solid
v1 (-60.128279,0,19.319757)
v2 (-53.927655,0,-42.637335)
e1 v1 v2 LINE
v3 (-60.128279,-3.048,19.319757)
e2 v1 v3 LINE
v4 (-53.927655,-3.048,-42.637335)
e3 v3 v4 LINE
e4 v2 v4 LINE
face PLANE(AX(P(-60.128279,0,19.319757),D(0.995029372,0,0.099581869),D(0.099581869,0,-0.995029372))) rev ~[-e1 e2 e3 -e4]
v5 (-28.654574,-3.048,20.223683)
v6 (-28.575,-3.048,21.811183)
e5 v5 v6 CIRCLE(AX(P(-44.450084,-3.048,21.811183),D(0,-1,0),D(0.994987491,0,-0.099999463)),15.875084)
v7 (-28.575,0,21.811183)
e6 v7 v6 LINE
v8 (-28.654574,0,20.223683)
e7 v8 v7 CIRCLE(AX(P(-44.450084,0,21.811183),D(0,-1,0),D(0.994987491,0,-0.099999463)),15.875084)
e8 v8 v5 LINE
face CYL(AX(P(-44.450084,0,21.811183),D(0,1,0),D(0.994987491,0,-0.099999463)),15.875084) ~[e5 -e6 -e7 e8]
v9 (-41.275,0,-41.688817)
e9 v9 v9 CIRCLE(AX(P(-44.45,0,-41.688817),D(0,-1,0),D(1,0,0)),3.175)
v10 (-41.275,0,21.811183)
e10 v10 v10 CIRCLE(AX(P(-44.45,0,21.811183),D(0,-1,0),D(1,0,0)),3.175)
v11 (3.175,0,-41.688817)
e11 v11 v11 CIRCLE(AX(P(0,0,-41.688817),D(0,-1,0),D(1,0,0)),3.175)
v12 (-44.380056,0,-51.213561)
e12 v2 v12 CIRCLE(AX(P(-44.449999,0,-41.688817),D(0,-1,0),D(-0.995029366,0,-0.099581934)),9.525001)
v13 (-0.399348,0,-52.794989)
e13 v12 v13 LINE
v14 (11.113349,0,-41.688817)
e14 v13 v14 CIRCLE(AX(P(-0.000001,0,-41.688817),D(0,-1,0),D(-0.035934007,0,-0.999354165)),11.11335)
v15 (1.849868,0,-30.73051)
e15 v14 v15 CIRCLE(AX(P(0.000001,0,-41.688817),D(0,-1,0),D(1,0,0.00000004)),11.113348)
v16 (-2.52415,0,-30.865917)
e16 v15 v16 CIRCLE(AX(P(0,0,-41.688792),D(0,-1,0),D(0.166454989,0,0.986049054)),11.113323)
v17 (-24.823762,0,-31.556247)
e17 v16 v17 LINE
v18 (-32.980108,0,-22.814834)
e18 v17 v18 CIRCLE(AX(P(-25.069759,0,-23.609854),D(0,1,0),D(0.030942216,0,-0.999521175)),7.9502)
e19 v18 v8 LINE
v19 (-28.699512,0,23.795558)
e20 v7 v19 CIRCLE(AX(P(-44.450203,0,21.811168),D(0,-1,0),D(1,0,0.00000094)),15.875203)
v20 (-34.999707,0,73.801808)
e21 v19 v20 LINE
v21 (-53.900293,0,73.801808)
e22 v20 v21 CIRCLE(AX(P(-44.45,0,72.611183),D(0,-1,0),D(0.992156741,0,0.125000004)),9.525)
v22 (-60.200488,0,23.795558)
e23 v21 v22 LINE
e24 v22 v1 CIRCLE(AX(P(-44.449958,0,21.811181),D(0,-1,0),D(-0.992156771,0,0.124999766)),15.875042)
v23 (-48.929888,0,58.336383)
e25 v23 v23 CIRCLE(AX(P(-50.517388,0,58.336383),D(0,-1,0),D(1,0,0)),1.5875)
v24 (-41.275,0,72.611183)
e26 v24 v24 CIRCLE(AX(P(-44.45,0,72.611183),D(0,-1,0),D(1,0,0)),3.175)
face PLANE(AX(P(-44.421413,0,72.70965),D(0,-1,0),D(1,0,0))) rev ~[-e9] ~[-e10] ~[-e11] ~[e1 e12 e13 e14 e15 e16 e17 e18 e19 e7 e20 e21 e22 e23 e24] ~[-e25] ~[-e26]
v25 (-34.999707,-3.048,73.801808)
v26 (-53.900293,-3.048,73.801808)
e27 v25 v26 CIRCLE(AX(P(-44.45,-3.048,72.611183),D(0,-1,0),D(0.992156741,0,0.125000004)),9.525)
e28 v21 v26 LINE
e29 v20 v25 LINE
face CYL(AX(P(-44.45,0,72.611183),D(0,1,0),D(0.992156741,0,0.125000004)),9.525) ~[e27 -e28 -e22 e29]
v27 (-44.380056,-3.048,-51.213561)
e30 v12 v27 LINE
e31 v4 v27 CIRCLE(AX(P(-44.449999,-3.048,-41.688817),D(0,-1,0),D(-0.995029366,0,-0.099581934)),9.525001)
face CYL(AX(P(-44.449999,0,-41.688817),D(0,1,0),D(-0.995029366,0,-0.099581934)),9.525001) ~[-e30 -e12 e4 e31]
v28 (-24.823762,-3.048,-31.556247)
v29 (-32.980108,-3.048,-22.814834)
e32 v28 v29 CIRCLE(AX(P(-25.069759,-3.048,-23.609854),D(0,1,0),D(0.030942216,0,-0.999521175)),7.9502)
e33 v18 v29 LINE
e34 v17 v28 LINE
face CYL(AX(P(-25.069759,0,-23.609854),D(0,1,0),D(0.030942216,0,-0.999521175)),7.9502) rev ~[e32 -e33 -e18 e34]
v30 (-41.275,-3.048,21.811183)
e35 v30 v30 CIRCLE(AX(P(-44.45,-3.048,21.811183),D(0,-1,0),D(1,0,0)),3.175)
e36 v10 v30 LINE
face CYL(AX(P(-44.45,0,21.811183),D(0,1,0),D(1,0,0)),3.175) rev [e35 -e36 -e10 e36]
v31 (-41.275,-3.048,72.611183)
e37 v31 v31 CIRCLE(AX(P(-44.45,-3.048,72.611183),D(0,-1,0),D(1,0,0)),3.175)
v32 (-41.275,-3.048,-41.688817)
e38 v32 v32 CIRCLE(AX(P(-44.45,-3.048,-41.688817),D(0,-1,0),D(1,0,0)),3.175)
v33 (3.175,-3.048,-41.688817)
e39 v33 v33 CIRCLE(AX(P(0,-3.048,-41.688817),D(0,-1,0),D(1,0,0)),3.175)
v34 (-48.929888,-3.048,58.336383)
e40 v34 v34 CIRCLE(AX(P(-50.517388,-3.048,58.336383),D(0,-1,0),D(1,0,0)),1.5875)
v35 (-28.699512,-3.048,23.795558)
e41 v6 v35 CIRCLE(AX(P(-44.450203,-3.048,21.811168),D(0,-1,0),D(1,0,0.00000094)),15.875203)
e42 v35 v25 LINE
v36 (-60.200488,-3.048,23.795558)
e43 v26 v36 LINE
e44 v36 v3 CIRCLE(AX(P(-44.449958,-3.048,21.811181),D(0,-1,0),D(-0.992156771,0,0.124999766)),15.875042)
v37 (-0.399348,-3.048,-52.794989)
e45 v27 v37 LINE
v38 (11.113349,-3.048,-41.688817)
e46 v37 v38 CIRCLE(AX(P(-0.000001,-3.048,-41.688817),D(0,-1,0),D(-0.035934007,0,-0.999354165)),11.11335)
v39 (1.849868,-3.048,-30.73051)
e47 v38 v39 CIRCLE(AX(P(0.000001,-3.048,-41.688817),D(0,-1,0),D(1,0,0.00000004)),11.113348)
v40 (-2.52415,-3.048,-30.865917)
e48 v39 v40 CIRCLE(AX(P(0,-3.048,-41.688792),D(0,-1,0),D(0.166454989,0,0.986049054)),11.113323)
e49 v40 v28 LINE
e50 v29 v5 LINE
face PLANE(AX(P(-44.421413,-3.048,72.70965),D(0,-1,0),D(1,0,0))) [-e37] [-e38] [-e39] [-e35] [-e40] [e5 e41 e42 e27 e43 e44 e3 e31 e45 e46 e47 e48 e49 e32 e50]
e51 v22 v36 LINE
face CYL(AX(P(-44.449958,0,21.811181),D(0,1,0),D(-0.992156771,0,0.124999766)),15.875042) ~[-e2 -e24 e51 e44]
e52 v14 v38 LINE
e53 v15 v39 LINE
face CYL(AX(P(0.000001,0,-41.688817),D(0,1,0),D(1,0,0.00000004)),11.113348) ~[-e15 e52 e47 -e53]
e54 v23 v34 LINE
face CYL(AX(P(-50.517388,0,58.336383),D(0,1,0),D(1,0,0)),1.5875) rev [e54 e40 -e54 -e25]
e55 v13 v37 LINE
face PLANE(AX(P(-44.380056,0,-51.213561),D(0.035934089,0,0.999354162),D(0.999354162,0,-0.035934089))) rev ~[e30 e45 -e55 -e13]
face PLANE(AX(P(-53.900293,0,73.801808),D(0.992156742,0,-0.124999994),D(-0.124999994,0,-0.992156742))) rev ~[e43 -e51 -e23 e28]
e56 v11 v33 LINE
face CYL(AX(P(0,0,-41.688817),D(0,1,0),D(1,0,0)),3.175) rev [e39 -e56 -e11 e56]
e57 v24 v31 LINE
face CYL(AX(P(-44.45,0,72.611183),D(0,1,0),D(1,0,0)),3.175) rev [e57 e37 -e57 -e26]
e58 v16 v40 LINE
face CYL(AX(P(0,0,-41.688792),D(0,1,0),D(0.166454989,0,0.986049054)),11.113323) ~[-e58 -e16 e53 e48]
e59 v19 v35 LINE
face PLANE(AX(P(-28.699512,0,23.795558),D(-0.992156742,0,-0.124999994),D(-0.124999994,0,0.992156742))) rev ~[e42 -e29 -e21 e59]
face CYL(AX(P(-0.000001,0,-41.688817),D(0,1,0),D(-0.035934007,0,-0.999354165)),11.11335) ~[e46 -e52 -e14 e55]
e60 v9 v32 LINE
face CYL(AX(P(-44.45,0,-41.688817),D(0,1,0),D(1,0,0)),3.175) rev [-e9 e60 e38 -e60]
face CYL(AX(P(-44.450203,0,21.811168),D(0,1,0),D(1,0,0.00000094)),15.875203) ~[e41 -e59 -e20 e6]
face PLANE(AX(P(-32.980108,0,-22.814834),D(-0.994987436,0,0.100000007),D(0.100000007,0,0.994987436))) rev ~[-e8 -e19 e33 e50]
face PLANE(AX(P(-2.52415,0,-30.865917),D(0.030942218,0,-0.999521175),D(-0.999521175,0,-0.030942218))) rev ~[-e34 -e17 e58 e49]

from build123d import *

# Parameters (mm, degrees)
F0_R     = 3.175
F0_R_2   = 1.5875
F1_DEPTH = 3.048


with BuildPart() as f1:
    # F0 (on Front) → F1 (new body)
    with BuildSketch(Plane.XZ):
        with BuildLine():
            ThreePointArc((-53.900293, 73.801808), (-45.046483, 63.104878), (-34.925, 72.611183))
            ThreePointArc((-34.925, 72.611183), (-34.943695, 73.207666), (-34.999707, 73.801808))
            ThreePointArc((-34.999707, 73.801808), (-44.45, 82.136183), (-53.900293, 73.801808))
        make_face()
        with Locations((-44.45, 72.611183)):
            Circle(F0_R, mode=Mode.SUBTRACT)
        with BuildLine():
            ThreePointArc((-34.999707, 73.801808), (-34.943695, 73.207666), (-34.925, 72.611183))
            ThreePointArc((-34.925, 72.611183), (-45.046483, 63.104878), (-53.900293, 73.801808))
            Line((-53.900293, 73.801808), (-60.200488, 23.795558))
            ThreePointArc((-60.200488, 23.795558), (-44.45, 37.686183), (-28.699512, 23.795558))
            Line((-28.699512, 23.795558), (-34.999707, 73.801808))
        make_face()
        with Locations((-50.517388, 58.336383)):
            Circle(F0_R_2, mode=Mode.SUBTRACT)
        with BuildLine():
            ThreePointArc((-28.575, 21.811183), (-28.606159, 22.805321), (-28.699512, 23.795558))
            ThreePointArc((-28.699512, 23.795558), (-44.45, 37.686183), (-60.200488, 23.795558))
            ThreePointArc((-60.200488, 23.795558), (-60.322934, 21.555099), (-60.128279, 19.319757))
            ThreePointArc((-60.128279, 19.319757), (-43.994258, 5.942726), (-28.654574, 20.223683))
            ThreePointArc((-28.654574, 20.223683), (-28.594906, 21.016436), (-28.575, 21.811183))
        make_face()
        with Locations((-44.45, 21.811183)):
            Circle(F0_R, mode=Mode.SUBTRACT)
        with BuildLine():
            ThreePointArc((-28.654574, 20.223683), (-43.994258, 5.942726), (-60.128279, 19.319757))
            Line((-60.128279, 19.319757), (-53.927655, -42.637335))
            ThreePointArc((-53.927655, -42.637335), (-44.924849, -32.175661), (-34.925, -41.688817))
            ThreePointArc((-34.925, -41.688817), (-37.690124, -48.399235), (-44.380056, -51.213561))
            Line((-44.380056, -51.213561), (-0.399348, -52.794989))
            ThreePointArc((-0.399348, -52.794989), (-11.061544, -42.760618), (-2.52415, -30.865917))
            Line((-2.52415, -30.865917), (-24.823762, -31.556247))
            ThreePointArc((-24.823762, -31.556247), (-30.882559, -29.033601), (-32.980108, -22.814834))
            Line((-32.980108, -22.814834), (-28.654574, 20.223683))
        make_face()
        with BuildLine():
            ThreePointArc((-34.925, -41.688817), (-44.924849, -32.175661), (-53.927655, -42.637335))
            ThreePointArc((-53.927655, -42.637335), (-50.815074, -48.774822), (-44.380056, -51.213561))
            ThreePointArc((-44.380056, -51.213561), (-37.690124, -48.399235), (-34.925, -41.688817))
        make_face()
        with Locations((-44.45, -41.688817)):
            Circle(F0_R, mode=Mode.SUBTRACT)
        with BuildLine():
            ThreePointArc((-2.52415, -30.865917), (-11.061544, -42.760618), (-0.399348, -52.794989))
            ThreePointArc((-0.399348, -52.794989), (7.715842, -49.687086), (11.113349, -41.688817))
            ThreePointArc((11.113349, -41.688817), (8.487189, -34.514269), (1.849868, -30.73051))
            Line((1.849868, -30.73051), (-2.52415, -30.865917))
        make_face()
        with Locations((0, -41.688817)):
            Circle(F0_R, mode=Mode.SUBTRACT)
        with BuildLine():
            ThreePointArc((1.849868, -30.73051), (-0.343872, -30.58079), (-2.52415, -30.865917))
            Line((-2.52415, -30.865917), (1.849868, -30.73051))
        make_face()
    extrude(amount=F1_DEPTH)


solid = f1.part
